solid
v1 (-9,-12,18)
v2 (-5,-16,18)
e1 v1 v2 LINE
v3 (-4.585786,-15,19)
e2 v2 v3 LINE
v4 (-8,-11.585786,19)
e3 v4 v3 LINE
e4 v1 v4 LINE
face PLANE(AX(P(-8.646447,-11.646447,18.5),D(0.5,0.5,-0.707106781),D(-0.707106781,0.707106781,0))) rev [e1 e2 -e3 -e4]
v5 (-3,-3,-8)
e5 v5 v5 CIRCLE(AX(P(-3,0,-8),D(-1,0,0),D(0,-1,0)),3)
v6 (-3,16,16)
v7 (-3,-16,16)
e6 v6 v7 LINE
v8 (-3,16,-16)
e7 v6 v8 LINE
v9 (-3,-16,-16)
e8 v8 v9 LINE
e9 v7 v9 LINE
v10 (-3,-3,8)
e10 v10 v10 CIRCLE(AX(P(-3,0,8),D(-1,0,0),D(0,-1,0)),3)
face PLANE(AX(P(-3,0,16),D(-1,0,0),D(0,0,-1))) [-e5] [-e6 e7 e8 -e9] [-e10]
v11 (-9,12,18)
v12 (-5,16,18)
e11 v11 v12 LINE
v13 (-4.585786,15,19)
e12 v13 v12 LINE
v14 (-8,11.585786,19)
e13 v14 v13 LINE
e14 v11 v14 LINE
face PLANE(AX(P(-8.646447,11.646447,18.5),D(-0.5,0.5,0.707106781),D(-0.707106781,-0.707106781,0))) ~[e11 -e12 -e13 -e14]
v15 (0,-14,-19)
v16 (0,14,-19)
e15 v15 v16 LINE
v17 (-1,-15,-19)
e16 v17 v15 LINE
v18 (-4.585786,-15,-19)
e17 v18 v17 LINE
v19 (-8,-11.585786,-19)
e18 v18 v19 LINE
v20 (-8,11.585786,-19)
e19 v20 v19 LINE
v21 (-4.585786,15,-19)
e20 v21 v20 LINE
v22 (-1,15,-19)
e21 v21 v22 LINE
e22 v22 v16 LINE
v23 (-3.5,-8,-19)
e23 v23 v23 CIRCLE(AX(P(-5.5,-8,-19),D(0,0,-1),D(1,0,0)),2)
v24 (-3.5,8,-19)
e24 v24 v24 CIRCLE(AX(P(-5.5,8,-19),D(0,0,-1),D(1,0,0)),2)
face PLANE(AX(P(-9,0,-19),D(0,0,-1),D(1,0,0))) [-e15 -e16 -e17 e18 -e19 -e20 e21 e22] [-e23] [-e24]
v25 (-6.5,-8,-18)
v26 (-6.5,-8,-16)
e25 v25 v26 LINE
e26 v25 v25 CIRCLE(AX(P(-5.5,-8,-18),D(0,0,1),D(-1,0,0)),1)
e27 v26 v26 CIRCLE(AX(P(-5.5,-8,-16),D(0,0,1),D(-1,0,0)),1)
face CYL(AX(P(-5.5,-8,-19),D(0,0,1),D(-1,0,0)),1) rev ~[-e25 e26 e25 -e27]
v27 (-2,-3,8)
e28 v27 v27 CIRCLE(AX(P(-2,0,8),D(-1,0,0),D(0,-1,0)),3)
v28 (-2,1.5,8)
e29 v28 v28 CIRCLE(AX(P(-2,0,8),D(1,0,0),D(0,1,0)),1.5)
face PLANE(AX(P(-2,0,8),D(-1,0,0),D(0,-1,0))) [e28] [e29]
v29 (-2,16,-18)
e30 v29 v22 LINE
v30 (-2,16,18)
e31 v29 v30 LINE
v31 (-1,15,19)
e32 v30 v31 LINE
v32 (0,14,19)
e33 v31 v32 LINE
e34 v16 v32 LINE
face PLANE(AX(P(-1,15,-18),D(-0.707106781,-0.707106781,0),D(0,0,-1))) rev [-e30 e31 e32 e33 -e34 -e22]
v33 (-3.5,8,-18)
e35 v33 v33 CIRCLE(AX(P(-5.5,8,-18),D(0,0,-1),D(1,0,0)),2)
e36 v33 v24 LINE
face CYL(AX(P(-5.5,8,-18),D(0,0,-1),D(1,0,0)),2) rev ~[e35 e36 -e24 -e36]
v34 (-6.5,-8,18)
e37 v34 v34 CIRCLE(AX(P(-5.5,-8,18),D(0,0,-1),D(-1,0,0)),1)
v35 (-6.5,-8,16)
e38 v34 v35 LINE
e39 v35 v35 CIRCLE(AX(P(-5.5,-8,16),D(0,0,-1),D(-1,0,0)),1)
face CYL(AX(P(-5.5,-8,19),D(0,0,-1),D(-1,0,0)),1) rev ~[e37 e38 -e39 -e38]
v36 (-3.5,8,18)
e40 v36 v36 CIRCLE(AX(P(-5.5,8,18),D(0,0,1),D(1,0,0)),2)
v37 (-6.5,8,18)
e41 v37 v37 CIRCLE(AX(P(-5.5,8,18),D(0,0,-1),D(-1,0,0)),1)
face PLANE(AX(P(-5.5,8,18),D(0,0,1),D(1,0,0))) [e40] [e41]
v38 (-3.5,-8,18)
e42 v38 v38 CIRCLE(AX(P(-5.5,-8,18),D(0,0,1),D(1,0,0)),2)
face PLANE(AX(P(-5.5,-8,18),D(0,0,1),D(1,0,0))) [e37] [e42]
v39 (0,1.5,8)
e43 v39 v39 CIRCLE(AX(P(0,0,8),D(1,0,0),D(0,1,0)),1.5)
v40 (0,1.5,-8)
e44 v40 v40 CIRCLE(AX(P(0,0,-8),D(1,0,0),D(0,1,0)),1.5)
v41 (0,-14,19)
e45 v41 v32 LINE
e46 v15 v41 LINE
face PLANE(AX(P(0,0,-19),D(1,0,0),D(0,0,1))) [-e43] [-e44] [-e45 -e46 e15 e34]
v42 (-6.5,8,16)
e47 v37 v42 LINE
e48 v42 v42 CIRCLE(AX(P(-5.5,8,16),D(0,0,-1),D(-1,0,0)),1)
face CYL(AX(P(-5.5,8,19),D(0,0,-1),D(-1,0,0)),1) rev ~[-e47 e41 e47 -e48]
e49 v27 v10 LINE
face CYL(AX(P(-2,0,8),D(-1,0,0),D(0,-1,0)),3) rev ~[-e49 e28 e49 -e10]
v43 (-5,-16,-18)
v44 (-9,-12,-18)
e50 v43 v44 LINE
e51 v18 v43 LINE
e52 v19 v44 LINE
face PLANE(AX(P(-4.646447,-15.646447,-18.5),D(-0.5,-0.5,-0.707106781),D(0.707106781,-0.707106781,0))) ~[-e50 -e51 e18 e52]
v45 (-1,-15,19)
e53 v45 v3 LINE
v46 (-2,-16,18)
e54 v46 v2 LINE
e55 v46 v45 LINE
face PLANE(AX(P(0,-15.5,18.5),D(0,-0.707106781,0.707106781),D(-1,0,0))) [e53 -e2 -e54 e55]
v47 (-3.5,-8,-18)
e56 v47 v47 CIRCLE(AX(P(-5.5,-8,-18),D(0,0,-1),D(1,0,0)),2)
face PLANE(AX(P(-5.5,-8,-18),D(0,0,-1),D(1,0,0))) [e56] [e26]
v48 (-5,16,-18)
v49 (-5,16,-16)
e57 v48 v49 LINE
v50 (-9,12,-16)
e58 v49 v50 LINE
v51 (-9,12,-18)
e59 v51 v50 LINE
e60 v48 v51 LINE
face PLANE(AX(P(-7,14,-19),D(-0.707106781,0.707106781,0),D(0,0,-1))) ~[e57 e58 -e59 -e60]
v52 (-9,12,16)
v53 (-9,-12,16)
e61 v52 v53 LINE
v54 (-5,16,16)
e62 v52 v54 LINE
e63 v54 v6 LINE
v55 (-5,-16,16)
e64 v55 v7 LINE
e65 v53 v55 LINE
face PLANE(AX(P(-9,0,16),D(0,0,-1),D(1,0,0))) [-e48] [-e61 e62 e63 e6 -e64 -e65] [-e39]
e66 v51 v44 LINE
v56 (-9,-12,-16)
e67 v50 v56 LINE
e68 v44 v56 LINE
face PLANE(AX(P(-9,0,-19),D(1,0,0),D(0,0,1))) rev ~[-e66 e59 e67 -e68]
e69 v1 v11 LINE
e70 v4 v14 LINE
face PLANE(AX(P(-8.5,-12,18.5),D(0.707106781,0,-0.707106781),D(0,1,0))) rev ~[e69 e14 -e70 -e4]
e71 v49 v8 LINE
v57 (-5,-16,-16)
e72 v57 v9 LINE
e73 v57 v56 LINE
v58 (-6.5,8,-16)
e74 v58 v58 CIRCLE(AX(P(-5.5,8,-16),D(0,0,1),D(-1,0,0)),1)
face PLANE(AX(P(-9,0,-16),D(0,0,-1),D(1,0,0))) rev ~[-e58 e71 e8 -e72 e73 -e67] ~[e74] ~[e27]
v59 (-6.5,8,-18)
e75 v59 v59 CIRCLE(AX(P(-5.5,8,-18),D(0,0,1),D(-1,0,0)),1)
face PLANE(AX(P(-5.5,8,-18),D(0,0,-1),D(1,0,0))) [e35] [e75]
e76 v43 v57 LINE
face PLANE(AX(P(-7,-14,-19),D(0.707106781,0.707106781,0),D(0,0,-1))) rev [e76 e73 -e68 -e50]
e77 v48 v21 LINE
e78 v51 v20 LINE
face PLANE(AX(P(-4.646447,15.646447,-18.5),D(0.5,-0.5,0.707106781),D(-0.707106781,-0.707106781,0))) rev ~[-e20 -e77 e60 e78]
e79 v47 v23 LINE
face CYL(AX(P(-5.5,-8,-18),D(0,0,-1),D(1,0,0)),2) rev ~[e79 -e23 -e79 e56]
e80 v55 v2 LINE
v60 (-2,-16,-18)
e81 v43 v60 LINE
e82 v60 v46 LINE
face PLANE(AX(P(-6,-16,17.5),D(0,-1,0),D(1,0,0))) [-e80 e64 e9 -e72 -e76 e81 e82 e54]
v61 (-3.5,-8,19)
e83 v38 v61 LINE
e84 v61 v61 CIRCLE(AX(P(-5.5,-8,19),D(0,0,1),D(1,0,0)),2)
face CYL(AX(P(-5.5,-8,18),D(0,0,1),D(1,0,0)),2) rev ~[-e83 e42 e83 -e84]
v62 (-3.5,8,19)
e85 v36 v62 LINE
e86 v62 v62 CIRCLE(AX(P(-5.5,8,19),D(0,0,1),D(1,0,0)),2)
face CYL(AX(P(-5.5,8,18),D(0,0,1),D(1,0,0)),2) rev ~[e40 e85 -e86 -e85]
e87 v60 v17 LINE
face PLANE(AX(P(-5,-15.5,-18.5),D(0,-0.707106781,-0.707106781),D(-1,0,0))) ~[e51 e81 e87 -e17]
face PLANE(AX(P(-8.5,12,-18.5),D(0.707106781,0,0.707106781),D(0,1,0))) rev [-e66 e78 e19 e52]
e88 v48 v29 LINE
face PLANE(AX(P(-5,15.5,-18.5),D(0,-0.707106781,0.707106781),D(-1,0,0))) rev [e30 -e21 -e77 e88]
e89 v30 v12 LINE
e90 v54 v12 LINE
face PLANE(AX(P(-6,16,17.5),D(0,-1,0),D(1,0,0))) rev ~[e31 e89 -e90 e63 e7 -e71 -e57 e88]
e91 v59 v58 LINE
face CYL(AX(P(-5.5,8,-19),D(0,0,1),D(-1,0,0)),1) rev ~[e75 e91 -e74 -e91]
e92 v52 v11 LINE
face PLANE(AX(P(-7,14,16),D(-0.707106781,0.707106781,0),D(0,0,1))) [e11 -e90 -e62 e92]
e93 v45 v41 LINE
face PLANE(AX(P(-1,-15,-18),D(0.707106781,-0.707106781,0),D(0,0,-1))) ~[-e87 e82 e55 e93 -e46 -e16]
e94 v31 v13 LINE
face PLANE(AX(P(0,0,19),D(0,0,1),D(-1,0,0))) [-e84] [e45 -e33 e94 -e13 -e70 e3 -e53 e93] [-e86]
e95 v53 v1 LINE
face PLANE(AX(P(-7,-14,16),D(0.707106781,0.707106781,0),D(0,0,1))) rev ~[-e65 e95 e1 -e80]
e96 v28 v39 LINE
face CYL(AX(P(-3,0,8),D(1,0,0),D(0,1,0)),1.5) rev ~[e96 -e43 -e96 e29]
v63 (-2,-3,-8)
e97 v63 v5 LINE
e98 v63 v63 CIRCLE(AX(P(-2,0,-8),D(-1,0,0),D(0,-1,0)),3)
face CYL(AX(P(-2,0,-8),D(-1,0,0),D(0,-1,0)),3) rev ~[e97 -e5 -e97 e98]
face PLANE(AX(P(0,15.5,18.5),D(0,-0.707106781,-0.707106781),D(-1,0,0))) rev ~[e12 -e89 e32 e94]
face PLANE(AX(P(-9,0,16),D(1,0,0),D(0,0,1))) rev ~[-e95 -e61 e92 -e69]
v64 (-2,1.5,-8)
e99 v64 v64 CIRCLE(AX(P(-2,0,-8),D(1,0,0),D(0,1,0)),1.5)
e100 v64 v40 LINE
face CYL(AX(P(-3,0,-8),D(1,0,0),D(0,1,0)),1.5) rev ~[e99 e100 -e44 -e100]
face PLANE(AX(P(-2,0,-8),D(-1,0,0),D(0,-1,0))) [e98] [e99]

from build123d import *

# Parameters (mm, degrees)
F0_W           = 6
F0_H           = 3
F1_DEPTH       = 16
F3_D           = 2
F3_DEPTH       = 5
F3_CBORE_D     = 4
F3_CBORE_DEPTH = 1
F3_TIP         = 0.600860619
F5_D           = 2
F5_DEPTH       = 5
F5_CBORE_D     = 4
F5_CBORE_DEPTH = 1
F5_TIP         = 0.600860619
F6_SIZE        = 4
F8_D           = 3
F8_CBORE_D     = 6
F8_CBORE_DEPTH = 1
F9_SIZE        = 1
F10_SIZE       = 2


with BuildPart() as f1:
    # F0 (on Front) → F1 (new body, symmetric)
    with BuildSketch(Plane.XZ):
        with Locations((-6, 17.5)):
            Rectangle(F0_W, F0_H)
        Polygon((0, -19), (0, 19), (-3, 19), (-3, 16), (-3, -16), (-3, -19), align=None)
        with Locations((-6, -17.5)):
            Rectangle(F0_W, F0_H)
    extrude(amount=F1_DEPTH, both=True)

    # F3
    with Locations(Plane.XY.offset(19)):
        with Locations((-5.5, 8), (-5.5, -8)):
            CounterBoreHole(F3_D / 2, F3_CBORE_D / 2, F3_CBORE_DEPTH, depth=F3_DEPTH)
            with Locations((0, 0, -(F3_DEPTH + F3_TIP / 2))):  # 118° drill point
                Cone(0, F3_D / 2, F3_TIP, mode=Mode.SUBTRACT)

    # F5
    with Locations(Plane(origin=(0, 0, -19), x_dir=(1, 0, 0), z_dir=(0, 0, -1))):
        with Locations((-5.5, -8), (-5.5, 8)):
            CounterBoreHole(F5_D / 2, F5_CBORE_D / 2, F5_CBORE_DEPTH, depth=F5_DEPTH)
            with Locations((0, 0, -(F5_DEPTH + F5_TIP / 2))):  # 118° drill point
                Cone(0, F5_D / 2, F5_TIP, mode=Mode.SUBTRACT)

    # F6
    f6_edges = [f1.edges().sort_by_distance(p)[0] for p in [
        (-9, -16, 17.5),
        (-9, 16, 17.5),
        (-9, 16, -17.5),
        (-9, -16, -17.5),
    ]]
    chamfer(f6_edges, length=F6_SIZE)

    # F8 (through all)
    with Locations(Plane(origin=(-3, 0, 0), x_dir=(0, -1, 0), z_dir=(-1, 0, 0))):
        with Locations((0, 8), (0, -8)):
            CounterBoreHole(F8_D / 2, F8_CBORE_D / 2, F8_CBORE_DEPTH)

    # F9
    f9_edges = [f1.edges().sort_by_distance(p)[0] for p in [
        (-2.5, 16, 19),
        (-7, 14, 19),
        (-9, 0, 19),
        (-7, -14, 19),
        (-2.5, -16, 19),
        (-2.5, 16, -19),
        (-7, 14, -19),
        (-9, 0, -19),
        (-7, -14, -19),
        (-2.5, -16, -19),
    ]]
    chamfer(f9_edges, length=F9_SIZE)

    # F10
    f10_edges = [f1.edges().sort_by_distance(p)[0] for p in [
        (0, 16, 0),
        (0, -16, 0),
    ]]
    chamfer(f10_edges, length=F10_SIZE)


solid = f1.part
